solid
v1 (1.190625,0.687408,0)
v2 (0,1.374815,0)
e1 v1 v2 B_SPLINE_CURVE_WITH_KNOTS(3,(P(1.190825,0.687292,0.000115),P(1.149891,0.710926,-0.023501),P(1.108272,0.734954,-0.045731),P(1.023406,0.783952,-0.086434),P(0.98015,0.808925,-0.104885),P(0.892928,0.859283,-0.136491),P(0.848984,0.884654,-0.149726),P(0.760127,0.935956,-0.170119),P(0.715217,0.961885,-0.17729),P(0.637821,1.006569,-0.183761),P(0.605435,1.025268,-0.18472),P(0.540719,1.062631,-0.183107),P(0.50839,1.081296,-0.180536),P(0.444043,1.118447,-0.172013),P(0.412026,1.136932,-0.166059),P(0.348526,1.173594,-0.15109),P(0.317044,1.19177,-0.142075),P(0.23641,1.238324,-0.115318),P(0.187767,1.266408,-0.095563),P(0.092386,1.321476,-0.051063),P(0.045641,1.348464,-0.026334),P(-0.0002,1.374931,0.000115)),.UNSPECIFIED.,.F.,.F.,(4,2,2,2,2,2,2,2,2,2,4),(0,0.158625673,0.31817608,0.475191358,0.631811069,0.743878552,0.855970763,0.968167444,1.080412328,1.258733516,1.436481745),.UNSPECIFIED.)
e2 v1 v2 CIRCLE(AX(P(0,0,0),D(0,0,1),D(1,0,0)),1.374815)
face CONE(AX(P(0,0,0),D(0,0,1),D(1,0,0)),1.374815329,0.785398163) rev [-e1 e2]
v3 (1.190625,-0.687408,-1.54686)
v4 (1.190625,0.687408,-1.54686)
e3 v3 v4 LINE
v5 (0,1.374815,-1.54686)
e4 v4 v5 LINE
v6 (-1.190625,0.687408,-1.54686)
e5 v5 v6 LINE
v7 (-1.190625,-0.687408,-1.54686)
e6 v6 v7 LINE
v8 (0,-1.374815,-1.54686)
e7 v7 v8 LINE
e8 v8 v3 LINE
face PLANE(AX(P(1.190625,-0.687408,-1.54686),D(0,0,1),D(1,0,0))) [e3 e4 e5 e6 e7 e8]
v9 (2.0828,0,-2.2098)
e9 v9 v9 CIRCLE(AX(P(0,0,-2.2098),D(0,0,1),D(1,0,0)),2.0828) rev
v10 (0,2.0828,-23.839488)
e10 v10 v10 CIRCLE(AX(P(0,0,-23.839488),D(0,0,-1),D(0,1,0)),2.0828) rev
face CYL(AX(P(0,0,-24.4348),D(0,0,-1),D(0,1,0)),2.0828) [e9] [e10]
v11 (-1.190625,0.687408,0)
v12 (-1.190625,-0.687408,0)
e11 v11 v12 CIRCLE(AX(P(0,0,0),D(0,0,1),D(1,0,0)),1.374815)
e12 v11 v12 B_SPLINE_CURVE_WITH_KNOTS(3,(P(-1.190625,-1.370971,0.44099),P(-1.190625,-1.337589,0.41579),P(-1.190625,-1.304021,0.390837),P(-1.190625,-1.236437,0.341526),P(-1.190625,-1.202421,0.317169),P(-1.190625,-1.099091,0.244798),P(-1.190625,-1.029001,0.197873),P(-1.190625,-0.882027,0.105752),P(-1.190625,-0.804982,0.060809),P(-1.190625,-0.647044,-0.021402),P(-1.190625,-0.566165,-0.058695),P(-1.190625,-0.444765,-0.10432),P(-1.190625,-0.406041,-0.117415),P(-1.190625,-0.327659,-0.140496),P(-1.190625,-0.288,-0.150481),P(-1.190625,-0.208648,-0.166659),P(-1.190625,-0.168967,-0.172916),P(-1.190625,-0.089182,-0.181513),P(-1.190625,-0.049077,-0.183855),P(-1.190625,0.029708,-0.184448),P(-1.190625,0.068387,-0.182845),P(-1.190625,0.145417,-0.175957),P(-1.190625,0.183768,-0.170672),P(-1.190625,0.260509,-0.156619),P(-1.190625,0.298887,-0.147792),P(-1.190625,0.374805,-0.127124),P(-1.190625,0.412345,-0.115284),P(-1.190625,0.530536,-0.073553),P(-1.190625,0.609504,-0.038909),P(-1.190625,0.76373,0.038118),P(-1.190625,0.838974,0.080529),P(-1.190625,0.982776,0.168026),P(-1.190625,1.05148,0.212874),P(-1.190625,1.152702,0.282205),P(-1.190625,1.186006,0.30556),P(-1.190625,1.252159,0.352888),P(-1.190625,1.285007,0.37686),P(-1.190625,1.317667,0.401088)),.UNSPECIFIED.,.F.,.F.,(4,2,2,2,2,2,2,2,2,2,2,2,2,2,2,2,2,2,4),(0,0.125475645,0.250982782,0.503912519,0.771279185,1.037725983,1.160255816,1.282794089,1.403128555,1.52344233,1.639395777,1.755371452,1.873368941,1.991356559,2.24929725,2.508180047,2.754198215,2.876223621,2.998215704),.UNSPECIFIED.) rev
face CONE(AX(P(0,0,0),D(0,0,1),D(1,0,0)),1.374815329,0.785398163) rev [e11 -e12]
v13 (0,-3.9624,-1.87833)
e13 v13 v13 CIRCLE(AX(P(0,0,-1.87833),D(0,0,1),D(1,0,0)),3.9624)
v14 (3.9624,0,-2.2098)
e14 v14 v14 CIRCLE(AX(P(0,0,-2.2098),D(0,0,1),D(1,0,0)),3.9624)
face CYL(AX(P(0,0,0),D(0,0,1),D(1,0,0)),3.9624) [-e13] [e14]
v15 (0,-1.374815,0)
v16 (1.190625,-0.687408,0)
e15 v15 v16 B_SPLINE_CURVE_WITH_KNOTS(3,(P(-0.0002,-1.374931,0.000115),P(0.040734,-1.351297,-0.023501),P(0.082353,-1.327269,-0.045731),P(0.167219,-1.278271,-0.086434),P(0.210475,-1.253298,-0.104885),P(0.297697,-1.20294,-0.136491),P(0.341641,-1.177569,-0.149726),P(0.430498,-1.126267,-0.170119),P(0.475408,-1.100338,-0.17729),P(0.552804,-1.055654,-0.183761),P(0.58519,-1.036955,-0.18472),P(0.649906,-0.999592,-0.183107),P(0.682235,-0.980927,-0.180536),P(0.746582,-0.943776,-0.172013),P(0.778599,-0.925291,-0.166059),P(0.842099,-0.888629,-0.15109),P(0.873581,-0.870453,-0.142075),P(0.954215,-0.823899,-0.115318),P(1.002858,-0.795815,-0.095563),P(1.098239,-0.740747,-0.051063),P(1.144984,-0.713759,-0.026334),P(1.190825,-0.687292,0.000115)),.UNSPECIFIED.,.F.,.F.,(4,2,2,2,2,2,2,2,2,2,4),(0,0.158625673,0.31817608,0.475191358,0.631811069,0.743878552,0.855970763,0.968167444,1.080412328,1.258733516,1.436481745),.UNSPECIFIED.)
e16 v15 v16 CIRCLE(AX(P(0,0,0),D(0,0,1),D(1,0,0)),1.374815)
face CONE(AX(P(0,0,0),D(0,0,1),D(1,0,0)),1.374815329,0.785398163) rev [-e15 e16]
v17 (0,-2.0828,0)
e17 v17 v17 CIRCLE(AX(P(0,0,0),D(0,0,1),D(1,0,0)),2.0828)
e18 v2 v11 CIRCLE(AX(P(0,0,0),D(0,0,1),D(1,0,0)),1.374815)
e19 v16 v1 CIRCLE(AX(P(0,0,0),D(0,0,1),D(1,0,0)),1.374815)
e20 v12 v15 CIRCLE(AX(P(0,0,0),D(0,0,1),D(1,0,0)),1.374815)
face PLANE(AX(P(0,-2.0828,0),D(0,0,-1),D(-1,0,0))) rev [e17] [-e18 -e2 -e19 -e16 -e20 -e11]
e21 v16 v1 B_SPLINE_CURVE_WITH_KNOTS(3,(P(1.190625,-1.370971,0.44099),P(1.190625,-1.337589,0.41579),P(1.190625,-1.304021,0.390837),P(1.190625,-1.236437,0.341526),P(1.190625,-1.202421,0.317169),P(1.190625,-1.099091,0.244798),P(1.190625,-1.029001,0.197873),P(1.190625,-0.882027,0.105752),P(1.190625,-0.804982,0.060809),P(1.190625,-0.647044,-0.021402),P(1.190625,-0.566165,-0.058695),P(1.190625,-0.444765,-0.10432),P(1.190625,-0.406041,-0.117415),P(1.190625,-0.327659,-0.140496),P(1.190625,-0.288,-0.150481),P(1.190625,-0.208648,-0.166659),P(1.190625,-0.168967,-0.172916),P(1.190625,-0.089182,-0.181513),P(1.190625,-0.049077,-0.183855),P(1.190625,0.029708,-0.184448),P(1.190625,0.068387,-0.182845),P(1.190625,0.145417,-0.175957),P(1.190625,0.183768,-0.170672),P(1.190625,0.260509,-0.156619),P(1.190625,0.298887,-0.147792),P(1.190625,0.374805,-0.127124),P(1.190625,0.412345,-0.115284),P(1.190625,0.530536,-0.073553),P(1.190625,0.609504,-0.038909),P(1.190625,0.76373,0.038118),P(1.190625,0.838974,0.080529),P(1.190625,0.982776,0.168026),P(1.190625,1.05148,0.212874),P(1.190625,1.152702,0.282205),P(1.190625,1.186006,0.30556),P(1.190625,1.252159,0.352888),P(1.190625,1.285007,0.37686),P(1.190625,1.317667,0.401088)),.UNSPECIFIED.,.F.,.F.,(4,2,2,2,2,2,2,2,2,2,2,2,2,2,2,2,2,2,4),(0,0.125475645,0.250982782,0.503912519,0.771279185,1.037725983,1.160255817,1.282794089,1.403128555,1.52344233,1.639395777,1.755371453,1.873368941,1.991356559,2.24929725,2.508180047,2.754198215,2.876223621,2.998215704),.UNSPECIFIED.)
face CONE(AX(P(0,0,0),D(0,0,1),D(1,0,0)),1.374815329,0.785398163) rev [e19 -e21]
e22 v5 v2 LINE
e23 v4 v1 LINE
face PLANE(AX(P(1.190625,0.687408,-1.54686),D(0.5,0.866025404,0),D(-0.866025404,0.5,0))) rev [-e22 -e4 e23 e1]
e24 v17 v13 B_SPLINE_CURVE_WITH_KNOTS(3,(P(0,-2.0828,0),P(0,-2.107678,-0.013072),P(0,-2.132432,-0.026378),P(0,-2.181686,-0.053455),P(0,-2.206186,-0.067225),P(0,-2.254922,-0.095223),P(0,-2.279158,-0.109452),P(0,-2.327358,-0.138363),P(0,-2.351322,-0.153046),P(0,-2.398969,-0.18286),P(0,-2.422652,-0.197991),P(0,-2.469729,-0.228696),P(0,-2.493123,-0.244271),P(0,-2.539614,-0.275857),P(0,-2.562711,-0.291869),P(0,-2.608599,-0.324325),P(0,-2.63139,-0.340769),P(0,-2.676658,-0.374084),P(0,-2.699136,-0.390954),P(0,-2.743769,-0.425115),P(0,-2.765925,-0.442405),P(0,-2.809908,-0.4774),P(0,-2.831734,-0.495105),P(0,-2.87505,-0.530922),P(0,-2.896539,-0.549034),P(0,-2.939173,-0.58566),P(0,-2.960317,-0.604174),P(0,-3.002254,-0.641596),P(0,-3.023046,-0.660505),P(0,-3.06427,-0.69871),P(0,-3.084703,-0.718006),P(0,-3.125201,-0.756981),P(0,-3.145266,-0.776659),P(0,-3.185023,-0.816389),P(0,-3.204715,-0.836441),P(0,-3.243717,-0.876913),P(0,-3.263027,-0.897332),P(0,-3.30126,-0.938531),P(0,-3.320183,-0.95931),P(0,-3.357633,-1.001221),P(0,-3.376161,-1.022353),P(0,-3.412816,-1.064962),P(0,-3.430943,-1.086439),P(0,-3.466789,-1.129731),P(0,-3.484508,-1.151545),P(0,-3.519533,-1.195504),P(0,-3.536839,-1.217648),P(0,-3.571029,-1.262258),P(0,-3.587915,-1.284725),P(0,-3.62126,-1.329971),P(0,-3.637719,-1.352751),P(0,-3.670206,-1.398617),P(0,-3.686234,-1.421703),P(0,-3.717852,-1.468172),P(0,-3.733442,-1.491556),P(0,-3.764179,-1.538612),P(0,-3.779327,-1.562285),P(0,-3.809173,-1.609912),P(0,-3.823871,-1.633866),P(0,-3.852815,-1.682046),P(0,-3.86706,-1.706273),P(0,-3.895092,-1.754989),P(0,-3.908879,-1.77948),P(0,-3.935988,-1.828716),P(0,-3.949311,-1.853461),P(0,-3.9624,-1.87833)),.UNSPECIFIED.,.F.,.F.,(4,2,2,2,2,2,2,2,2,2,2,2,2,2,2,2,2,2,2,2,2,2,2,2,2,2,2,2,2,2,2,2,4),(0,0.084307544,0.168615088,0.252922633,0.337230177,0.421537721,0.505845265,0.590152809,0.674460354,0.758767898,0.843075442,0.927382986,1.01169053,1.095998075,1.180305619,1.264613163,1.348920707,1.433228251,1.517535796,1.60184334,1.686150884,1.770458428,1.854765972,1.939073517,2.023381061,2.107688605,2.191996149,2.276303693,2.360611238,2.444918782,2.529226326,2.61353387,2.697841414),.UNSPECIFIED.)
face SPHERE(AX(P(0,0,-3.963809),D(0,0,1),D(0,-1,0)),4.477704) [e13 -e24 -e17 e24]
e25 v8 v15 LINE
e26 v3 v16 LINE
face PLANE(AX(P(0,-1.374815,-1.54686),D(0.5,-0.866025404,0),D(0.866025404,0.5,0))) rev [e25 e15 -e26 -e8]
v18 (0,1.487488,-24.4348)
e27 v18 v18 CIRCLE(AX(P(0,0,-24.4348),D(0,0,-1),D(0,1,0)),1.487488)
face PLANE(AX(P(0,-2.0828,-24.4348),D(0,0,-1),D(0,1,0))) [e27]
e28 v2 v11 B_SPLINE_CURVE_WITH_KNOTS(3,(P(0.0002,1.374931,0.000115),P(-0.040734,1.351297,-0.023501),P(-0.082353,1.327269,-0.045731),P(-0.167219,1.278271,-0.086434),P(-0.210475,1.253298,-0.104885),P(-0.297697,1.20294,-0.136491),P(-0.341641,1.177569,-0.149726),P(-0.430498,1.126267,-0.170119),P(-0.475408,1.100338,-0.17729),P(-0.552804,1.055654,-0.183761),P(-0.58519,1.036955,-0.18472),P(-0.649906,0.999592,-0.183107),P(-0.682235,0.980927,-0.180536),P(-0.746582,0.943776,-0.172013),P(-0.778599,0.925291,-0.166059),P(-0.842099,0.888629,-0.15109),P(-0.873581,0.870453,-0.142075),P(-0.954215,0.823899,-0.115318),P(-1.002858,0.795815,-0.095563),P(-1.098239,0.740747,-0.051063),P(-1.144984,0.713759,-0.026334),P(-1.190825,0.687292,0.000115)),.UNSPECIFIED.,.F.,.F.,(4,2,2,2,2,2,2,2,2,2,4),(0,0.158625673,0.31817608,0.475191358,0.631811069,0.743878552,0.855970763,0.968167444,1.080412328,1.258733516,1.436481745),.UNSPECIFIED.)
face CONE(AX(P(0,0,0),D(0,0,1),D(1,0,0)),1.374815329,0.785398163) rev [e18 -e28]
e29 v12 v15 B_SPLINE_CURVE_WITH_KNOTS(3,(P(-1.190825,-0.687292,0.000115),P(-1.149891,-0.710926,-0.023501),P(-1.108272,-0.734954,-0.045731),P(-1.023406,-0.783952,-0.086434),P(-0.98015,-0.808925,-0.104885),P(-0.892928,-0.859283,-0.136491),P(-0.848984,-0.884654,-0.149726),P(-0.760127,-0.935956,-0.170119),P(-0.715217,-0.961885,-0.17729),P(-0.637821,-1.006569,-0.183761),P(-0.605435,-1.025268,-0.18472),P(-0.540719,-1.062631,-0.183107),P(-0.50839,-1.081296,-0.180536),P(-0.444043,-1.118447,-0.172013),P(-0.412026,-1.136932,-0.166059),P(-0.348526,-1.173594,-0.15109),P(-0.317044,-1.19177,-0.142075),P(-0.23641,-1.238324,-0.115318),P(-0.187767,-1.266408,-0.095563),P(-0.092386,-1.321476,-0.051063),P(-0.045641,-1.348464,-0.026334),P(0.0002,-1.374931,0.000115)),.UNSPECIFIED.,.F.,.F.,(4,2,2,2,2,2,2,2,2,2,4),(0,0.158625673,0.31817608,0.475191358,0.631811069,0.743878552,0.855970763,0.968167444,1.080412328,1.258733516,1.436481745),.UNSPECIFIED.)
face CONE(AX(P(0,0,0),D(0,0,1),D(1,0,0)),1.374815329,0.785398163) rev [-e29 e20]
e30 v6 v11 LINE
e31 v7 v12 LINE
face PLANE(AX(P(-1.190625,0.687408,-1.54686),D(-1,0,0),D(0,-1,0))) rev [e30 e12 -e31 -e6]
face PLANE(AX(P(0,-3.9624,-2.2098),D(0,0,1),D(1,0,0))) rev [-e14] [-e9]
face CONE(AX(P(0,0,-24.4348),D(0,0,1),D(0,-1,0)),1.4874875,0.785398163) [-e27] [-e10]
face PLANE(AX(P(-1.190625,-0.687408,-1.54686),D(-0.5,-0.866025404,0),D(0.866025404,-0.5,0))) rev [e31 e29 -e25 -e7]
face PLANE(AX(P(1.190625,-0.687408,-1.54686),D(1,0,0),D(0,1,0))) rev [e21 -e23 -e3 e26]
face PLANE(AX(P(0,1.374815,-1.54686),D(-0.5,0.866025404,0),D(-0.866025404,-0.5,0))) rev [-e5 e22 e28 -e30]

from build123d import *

# Parameters (mm, degrees)
SKETCH1_W          = 22.225
SKETCH1_H          = 2.0828
CHAMFER1_SIZE      = 0.5953125
CUT_EXTRUDE2_DEPTH = 1.54686


with BuildPart() as part:
    # Sketch1 → Revolve1 (revolve)
    with BuildSketch(Plane(origin=(0, 0, 0), x_dir=(0, 0, -1), z_dir=(1, 0, 0))):
        with Locations((13.3223, 1.0414)):
            Rectangle(SKETCH1_W, SKETCH1_H)
    revolve(axis=Axis((0, 0, -24.4348), (0, 0, 1)))

    # Chamfer1
    chamfer1_edges = [part.edges().sort_by_distance(p)[0] for p in [
        (0, -2.0828, -24.4348),
    ]]
    chamfer(chamfer1_edges, length=CHAMFER1_SIZE)

    # Sketch7 → Revolve2 (revolve)
    with BuildSketch(Plane(origin=(0, 0, 0), x_dir=(0, 0, -1), z_dir=(1, 0, 0)), mode=Mode.PRIVATE) as revolve2_sk:
        with BuildLine():
            Line((1.87833, 3.9624), (2.2098, 3.9624))
            Line((2.2098, 3.9624), (2.2098, 0))
            Line((2.2098, 0), (0, 0))
            Line((0, 0), (0, 2.0828))
            ThreePointArc((0, 2.0828), (0.796523813, 3.165144808), (1.87833, 3.9624))
        make_face()
    revolve(revolve2_sk.sketch.rotate(Axis((0, 0, 0), (0, 0, -1)), 180), axis=Axis((0, 0, 0), (0, 0, -1)))

    # Sketch5 → Cut-Extrude2 (cut)
    with BuildSketch(Plane.XY):
        Polygon((1.190625, -0.687407664), (1.190625, 0.687407664), (0, 1.374815329), (-1.190625, 0.687407664), (-1.190625, -0.687407664), (0, -1.374815329), align=None)
    extrude(amount=-CUT_EXTRUDE2_DEPTH, mode=Mode.SUBTRACT)

    # Cut-Extrude3 cone 1 section (through the dimple's axis) → Cut-Extrude3 (revolve, cut)
    with BuildSketch(Plane(origin=(0, 0, 0), x_dir=(0, -1, 0), z_dir=(1, 0, 0))):
        Polygon((0, 0), (1.374815329, 0), (0, 1.374815329), align=None)
    revolve(axis=Axis((0, 0, 0), (0, 0, -1)), mode=Mode.SUBTRACT)


solid = part.part
